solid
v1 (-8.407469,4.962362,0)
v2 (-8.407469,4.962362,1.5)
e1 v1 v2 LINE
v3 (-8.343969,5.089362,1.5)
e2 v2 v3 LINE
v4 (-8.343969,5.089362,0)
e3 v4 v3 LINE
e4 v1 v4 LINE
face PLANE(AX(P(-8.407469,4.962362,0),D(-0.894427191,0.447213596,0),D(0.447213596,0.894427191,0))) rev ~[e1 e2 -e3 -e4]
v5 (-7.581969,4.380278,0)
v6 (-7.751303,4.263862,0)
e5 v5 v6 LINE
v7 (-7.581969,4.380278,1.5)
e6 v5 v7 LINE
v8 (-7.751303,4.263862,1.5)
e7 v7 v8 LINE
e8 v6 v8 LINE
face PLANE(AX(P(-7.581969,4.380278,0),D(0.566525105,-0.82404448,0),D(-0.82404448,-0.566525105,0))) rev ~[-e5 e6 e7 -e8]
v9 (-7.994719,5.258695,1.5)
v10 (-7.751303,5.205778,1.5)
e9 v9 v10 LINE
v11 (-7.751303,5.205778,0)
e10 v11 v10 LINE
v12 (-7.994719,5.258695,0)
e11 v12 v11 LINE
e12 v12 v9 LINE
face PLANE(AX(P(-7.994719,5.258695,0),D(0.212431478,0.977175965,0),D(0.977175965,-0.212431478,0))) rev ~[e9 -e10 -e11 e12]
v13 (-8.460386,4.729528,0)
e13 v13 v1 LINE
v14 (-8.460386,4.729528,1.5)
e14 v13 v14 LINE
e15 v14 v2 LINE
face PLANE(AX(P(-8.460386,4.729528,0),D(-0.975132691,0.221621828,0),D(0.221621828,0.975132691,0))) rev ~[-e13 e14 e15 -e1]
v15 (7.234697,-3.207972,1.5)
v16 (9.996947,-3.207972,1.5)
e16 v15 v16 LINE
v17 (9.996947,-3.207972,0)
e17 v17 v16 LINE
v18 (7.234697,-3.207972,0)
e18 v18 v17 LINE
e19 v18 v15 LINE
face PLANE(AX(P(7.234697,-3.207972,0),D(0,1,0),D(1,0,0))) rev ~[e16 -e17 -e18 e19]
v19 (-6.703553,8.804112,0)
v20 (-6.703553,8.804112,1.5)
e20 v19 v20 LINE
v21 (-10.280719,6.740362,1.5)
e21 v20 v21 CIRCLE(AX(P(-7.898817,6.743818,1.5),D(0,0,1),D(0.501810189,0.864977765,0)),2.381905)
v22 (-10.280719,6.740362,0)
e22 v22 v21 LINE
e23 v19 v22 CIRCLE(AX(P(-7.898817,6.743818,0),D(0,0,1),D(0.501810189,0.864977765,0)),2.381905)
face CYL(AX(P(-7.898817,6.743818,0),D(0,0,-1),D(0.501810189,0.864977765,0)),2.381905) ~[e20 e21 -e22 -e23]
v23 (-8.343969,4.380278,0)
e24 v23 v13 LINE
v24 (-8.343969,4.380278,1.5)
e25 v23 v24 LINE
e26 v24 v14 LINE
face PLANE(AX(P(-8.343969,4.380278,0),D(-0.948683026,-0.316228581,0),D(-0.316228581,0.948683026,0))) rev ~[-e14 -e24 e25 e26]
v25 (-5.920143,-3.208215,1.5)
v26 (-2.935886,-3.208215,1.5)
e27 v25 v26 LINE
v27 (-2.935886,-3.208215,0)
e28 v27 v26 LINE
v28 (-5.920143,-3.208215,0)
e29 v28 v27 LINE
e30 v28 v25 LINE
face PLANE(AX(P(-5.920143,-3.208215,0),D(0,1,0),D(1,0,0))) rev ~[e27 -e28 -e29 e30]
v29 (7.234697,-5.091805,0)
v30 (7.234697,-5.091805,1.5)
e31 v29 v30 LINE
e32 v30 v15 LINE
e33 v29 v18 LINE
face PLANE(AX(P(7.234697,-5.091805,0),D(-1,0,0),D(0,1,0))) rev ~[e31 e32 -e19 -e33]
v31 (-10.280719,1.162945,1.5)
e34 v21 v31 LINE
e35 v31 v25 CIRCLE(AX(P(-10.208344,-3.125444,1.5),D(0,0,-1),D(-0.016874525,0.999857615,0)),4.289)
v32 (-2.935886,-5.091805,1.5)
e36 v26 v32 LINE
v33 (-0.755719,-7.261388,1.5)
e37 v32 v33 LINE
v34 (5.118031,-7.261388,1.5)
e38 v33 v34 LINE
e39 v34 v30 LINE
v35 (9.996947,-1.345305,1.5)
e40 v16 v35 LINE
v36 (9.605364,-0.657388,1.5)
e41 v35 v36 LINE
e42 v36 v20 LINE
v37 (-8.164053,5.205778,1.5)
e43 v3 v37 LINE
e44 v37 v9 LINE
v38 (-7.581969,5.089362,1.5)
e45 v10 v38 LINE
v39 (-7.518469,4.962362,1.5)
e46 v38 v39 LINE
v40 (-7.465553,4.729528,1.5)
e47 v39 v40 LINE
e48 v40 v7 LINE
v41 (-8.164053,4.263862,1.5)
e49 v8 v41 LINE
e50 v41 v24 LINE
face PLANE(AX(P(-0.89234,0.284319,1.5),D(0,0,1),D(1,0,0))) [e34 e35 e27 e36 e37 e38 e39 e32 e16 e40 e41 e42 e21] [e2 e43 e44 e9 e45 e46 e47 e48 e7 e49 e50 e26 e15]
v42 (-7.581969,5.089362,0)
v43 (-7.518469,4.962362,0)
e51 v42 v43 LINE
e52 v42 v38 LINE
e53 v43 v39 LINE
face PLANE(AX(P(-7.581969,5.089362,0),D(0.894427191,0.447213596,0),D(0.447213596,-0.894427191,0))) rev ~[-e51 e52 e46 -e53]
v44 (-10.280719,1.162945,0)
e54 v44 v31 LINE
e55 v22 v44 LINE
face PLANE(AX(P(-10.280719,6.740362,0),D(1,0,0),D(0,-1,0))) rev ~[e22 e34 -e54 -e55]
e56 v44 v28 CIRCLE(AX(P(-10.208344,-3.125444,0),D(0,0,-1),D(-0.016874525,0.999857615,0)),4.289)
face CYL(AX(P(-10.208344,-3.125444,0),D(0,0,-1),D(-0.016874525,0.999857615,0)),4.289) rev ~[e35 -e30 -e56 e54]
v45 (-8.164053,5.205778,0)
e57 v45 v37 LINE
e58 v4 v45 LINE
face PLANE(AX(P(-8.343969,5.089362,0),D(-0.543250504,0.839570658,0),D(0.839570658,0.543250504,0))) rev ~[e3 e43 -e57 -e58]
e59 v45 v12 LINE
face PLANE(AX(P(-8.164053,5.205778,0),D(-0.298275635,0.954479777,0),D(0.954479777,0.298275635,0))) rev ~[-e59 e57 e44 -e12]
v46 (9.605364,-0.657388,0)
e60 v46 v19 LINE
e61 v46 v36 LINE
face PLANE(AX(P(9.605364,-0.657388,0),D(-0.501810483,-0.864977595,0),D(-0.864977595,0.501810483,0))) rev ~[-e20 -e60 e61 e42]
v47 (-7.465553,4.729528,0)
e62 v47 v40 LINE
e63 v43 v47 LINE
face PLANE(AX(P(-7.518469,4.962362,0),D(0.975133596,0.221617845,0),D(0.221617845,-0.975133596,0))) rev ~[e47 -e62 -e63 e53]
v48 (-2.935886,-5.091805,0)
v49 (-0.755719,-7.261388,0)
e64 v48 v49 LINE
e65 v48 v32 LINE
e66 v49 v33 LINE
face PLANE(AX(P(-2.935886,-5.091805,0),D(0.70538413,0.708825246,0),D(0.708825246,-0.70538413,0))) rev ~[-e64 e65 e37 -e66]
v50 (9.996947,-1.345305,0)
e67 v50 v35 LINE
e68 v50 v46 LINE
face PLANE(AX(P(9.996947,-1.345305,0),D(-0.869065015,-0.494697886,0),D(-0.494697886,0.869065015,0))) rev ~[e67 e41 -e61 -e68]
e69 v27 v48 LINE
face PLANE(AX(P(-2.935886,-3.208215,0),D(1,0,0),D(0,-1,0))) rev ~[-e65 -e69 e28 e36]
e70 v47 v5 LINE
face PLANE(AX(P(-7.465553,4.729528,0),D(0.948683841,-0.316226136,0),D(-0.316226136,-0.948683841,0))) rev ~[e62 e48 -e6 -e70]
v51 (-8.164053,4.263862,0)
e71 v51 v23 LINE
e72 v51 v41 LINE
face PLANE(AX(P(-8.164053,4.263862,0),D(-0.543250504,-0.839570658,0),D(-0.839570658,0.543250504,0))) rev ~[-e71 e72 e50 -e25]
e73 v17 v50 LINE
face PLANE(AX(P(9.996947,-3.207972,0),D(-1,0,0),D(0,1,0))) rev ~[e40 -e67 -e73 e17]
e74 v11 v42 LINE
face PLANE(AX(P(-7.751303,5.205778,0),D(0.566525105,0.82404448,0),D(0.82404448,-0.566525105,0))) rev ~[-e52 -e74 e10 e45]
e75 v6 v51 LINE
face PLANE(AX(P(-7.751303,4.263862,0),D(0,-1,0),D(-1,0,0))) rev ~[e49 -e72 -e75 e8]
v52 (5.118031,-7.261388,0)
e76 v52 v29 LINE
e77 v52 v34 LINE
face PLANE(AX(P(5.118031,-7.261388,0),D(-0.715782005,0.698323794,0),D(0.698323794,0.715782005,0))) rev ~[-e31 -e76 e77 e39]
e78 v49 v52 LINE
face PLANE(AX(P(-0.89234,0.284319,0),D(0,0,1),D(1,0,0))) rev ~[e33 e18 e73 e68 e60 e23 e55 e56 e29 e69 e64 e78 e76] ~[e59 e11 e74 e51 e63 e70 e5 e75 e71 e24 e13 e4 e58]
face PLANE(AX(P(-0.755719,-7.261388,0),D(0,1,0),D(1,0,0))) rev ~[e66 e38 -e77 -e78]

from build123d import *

# Parameters (mm, degrees)
F1_DEPTH = 1.5


with BuildPart() as f1:
    # F0 (on Top) → F1 (new body)
    with BuildSketch(Plane.XY):
        with BuildLine():
            Line((-2.935886, -5.091805), (-0.755719, -7.261388))
            Line((-0.755719, -7.261388), (5.118031, -7.261388))
            Line((5.118031, -7.261388), (7.234697, -5.091805))
            Line((7.234697, -5.091805), (7.234697, -3.207972))
            Line((7.234697, -3.207972), (9.996947, -3.207972))
            Line((9.996947, -3.207972), (9.996947, -1.345305))
            Line((9.996947, -1.345305), (9.605364, -0.657388))
            Line((9.605364, -0.657388), (-6.703553, 8.804112))
            ThreePointArc((-6.703553, 8.804112), (-9.089108, 8.806989), (-10.280719, 6.740362))
            Line((-10.280719, 6.740362), (-10.280719, 1.162945))
            ThreePointArc((-10.280719, 1.162945), (-7.171889, -0.096342), (-5.920143, -3.208215))
            Line((-5.920143, -3.208215), (-2.935886, -3.208215))
            Line((-2.935886, -3.208215), (-2.935886, -5.091805))
        make_face()
        Polygon((-7.581969, 4.380278), (-7.751303, 4.263862), (-8.164053, 4.263862), (-8.343969, 4.380278), (-8.460386, 4.729528), (-8.407469, 4.962362), (-8.343969, 5.089362), (-8.164053, 5.205778), (-7.994719, 5.258695), (-7.751303, 5.205778), (-7.581969, 5.089362), (-7.518469, 4.962362), (-7.465553, 4.729528), align=None, mode=Mode.SUBTRACT)
    extrude(amount=F1_DEPTH)


solid = f1.part
